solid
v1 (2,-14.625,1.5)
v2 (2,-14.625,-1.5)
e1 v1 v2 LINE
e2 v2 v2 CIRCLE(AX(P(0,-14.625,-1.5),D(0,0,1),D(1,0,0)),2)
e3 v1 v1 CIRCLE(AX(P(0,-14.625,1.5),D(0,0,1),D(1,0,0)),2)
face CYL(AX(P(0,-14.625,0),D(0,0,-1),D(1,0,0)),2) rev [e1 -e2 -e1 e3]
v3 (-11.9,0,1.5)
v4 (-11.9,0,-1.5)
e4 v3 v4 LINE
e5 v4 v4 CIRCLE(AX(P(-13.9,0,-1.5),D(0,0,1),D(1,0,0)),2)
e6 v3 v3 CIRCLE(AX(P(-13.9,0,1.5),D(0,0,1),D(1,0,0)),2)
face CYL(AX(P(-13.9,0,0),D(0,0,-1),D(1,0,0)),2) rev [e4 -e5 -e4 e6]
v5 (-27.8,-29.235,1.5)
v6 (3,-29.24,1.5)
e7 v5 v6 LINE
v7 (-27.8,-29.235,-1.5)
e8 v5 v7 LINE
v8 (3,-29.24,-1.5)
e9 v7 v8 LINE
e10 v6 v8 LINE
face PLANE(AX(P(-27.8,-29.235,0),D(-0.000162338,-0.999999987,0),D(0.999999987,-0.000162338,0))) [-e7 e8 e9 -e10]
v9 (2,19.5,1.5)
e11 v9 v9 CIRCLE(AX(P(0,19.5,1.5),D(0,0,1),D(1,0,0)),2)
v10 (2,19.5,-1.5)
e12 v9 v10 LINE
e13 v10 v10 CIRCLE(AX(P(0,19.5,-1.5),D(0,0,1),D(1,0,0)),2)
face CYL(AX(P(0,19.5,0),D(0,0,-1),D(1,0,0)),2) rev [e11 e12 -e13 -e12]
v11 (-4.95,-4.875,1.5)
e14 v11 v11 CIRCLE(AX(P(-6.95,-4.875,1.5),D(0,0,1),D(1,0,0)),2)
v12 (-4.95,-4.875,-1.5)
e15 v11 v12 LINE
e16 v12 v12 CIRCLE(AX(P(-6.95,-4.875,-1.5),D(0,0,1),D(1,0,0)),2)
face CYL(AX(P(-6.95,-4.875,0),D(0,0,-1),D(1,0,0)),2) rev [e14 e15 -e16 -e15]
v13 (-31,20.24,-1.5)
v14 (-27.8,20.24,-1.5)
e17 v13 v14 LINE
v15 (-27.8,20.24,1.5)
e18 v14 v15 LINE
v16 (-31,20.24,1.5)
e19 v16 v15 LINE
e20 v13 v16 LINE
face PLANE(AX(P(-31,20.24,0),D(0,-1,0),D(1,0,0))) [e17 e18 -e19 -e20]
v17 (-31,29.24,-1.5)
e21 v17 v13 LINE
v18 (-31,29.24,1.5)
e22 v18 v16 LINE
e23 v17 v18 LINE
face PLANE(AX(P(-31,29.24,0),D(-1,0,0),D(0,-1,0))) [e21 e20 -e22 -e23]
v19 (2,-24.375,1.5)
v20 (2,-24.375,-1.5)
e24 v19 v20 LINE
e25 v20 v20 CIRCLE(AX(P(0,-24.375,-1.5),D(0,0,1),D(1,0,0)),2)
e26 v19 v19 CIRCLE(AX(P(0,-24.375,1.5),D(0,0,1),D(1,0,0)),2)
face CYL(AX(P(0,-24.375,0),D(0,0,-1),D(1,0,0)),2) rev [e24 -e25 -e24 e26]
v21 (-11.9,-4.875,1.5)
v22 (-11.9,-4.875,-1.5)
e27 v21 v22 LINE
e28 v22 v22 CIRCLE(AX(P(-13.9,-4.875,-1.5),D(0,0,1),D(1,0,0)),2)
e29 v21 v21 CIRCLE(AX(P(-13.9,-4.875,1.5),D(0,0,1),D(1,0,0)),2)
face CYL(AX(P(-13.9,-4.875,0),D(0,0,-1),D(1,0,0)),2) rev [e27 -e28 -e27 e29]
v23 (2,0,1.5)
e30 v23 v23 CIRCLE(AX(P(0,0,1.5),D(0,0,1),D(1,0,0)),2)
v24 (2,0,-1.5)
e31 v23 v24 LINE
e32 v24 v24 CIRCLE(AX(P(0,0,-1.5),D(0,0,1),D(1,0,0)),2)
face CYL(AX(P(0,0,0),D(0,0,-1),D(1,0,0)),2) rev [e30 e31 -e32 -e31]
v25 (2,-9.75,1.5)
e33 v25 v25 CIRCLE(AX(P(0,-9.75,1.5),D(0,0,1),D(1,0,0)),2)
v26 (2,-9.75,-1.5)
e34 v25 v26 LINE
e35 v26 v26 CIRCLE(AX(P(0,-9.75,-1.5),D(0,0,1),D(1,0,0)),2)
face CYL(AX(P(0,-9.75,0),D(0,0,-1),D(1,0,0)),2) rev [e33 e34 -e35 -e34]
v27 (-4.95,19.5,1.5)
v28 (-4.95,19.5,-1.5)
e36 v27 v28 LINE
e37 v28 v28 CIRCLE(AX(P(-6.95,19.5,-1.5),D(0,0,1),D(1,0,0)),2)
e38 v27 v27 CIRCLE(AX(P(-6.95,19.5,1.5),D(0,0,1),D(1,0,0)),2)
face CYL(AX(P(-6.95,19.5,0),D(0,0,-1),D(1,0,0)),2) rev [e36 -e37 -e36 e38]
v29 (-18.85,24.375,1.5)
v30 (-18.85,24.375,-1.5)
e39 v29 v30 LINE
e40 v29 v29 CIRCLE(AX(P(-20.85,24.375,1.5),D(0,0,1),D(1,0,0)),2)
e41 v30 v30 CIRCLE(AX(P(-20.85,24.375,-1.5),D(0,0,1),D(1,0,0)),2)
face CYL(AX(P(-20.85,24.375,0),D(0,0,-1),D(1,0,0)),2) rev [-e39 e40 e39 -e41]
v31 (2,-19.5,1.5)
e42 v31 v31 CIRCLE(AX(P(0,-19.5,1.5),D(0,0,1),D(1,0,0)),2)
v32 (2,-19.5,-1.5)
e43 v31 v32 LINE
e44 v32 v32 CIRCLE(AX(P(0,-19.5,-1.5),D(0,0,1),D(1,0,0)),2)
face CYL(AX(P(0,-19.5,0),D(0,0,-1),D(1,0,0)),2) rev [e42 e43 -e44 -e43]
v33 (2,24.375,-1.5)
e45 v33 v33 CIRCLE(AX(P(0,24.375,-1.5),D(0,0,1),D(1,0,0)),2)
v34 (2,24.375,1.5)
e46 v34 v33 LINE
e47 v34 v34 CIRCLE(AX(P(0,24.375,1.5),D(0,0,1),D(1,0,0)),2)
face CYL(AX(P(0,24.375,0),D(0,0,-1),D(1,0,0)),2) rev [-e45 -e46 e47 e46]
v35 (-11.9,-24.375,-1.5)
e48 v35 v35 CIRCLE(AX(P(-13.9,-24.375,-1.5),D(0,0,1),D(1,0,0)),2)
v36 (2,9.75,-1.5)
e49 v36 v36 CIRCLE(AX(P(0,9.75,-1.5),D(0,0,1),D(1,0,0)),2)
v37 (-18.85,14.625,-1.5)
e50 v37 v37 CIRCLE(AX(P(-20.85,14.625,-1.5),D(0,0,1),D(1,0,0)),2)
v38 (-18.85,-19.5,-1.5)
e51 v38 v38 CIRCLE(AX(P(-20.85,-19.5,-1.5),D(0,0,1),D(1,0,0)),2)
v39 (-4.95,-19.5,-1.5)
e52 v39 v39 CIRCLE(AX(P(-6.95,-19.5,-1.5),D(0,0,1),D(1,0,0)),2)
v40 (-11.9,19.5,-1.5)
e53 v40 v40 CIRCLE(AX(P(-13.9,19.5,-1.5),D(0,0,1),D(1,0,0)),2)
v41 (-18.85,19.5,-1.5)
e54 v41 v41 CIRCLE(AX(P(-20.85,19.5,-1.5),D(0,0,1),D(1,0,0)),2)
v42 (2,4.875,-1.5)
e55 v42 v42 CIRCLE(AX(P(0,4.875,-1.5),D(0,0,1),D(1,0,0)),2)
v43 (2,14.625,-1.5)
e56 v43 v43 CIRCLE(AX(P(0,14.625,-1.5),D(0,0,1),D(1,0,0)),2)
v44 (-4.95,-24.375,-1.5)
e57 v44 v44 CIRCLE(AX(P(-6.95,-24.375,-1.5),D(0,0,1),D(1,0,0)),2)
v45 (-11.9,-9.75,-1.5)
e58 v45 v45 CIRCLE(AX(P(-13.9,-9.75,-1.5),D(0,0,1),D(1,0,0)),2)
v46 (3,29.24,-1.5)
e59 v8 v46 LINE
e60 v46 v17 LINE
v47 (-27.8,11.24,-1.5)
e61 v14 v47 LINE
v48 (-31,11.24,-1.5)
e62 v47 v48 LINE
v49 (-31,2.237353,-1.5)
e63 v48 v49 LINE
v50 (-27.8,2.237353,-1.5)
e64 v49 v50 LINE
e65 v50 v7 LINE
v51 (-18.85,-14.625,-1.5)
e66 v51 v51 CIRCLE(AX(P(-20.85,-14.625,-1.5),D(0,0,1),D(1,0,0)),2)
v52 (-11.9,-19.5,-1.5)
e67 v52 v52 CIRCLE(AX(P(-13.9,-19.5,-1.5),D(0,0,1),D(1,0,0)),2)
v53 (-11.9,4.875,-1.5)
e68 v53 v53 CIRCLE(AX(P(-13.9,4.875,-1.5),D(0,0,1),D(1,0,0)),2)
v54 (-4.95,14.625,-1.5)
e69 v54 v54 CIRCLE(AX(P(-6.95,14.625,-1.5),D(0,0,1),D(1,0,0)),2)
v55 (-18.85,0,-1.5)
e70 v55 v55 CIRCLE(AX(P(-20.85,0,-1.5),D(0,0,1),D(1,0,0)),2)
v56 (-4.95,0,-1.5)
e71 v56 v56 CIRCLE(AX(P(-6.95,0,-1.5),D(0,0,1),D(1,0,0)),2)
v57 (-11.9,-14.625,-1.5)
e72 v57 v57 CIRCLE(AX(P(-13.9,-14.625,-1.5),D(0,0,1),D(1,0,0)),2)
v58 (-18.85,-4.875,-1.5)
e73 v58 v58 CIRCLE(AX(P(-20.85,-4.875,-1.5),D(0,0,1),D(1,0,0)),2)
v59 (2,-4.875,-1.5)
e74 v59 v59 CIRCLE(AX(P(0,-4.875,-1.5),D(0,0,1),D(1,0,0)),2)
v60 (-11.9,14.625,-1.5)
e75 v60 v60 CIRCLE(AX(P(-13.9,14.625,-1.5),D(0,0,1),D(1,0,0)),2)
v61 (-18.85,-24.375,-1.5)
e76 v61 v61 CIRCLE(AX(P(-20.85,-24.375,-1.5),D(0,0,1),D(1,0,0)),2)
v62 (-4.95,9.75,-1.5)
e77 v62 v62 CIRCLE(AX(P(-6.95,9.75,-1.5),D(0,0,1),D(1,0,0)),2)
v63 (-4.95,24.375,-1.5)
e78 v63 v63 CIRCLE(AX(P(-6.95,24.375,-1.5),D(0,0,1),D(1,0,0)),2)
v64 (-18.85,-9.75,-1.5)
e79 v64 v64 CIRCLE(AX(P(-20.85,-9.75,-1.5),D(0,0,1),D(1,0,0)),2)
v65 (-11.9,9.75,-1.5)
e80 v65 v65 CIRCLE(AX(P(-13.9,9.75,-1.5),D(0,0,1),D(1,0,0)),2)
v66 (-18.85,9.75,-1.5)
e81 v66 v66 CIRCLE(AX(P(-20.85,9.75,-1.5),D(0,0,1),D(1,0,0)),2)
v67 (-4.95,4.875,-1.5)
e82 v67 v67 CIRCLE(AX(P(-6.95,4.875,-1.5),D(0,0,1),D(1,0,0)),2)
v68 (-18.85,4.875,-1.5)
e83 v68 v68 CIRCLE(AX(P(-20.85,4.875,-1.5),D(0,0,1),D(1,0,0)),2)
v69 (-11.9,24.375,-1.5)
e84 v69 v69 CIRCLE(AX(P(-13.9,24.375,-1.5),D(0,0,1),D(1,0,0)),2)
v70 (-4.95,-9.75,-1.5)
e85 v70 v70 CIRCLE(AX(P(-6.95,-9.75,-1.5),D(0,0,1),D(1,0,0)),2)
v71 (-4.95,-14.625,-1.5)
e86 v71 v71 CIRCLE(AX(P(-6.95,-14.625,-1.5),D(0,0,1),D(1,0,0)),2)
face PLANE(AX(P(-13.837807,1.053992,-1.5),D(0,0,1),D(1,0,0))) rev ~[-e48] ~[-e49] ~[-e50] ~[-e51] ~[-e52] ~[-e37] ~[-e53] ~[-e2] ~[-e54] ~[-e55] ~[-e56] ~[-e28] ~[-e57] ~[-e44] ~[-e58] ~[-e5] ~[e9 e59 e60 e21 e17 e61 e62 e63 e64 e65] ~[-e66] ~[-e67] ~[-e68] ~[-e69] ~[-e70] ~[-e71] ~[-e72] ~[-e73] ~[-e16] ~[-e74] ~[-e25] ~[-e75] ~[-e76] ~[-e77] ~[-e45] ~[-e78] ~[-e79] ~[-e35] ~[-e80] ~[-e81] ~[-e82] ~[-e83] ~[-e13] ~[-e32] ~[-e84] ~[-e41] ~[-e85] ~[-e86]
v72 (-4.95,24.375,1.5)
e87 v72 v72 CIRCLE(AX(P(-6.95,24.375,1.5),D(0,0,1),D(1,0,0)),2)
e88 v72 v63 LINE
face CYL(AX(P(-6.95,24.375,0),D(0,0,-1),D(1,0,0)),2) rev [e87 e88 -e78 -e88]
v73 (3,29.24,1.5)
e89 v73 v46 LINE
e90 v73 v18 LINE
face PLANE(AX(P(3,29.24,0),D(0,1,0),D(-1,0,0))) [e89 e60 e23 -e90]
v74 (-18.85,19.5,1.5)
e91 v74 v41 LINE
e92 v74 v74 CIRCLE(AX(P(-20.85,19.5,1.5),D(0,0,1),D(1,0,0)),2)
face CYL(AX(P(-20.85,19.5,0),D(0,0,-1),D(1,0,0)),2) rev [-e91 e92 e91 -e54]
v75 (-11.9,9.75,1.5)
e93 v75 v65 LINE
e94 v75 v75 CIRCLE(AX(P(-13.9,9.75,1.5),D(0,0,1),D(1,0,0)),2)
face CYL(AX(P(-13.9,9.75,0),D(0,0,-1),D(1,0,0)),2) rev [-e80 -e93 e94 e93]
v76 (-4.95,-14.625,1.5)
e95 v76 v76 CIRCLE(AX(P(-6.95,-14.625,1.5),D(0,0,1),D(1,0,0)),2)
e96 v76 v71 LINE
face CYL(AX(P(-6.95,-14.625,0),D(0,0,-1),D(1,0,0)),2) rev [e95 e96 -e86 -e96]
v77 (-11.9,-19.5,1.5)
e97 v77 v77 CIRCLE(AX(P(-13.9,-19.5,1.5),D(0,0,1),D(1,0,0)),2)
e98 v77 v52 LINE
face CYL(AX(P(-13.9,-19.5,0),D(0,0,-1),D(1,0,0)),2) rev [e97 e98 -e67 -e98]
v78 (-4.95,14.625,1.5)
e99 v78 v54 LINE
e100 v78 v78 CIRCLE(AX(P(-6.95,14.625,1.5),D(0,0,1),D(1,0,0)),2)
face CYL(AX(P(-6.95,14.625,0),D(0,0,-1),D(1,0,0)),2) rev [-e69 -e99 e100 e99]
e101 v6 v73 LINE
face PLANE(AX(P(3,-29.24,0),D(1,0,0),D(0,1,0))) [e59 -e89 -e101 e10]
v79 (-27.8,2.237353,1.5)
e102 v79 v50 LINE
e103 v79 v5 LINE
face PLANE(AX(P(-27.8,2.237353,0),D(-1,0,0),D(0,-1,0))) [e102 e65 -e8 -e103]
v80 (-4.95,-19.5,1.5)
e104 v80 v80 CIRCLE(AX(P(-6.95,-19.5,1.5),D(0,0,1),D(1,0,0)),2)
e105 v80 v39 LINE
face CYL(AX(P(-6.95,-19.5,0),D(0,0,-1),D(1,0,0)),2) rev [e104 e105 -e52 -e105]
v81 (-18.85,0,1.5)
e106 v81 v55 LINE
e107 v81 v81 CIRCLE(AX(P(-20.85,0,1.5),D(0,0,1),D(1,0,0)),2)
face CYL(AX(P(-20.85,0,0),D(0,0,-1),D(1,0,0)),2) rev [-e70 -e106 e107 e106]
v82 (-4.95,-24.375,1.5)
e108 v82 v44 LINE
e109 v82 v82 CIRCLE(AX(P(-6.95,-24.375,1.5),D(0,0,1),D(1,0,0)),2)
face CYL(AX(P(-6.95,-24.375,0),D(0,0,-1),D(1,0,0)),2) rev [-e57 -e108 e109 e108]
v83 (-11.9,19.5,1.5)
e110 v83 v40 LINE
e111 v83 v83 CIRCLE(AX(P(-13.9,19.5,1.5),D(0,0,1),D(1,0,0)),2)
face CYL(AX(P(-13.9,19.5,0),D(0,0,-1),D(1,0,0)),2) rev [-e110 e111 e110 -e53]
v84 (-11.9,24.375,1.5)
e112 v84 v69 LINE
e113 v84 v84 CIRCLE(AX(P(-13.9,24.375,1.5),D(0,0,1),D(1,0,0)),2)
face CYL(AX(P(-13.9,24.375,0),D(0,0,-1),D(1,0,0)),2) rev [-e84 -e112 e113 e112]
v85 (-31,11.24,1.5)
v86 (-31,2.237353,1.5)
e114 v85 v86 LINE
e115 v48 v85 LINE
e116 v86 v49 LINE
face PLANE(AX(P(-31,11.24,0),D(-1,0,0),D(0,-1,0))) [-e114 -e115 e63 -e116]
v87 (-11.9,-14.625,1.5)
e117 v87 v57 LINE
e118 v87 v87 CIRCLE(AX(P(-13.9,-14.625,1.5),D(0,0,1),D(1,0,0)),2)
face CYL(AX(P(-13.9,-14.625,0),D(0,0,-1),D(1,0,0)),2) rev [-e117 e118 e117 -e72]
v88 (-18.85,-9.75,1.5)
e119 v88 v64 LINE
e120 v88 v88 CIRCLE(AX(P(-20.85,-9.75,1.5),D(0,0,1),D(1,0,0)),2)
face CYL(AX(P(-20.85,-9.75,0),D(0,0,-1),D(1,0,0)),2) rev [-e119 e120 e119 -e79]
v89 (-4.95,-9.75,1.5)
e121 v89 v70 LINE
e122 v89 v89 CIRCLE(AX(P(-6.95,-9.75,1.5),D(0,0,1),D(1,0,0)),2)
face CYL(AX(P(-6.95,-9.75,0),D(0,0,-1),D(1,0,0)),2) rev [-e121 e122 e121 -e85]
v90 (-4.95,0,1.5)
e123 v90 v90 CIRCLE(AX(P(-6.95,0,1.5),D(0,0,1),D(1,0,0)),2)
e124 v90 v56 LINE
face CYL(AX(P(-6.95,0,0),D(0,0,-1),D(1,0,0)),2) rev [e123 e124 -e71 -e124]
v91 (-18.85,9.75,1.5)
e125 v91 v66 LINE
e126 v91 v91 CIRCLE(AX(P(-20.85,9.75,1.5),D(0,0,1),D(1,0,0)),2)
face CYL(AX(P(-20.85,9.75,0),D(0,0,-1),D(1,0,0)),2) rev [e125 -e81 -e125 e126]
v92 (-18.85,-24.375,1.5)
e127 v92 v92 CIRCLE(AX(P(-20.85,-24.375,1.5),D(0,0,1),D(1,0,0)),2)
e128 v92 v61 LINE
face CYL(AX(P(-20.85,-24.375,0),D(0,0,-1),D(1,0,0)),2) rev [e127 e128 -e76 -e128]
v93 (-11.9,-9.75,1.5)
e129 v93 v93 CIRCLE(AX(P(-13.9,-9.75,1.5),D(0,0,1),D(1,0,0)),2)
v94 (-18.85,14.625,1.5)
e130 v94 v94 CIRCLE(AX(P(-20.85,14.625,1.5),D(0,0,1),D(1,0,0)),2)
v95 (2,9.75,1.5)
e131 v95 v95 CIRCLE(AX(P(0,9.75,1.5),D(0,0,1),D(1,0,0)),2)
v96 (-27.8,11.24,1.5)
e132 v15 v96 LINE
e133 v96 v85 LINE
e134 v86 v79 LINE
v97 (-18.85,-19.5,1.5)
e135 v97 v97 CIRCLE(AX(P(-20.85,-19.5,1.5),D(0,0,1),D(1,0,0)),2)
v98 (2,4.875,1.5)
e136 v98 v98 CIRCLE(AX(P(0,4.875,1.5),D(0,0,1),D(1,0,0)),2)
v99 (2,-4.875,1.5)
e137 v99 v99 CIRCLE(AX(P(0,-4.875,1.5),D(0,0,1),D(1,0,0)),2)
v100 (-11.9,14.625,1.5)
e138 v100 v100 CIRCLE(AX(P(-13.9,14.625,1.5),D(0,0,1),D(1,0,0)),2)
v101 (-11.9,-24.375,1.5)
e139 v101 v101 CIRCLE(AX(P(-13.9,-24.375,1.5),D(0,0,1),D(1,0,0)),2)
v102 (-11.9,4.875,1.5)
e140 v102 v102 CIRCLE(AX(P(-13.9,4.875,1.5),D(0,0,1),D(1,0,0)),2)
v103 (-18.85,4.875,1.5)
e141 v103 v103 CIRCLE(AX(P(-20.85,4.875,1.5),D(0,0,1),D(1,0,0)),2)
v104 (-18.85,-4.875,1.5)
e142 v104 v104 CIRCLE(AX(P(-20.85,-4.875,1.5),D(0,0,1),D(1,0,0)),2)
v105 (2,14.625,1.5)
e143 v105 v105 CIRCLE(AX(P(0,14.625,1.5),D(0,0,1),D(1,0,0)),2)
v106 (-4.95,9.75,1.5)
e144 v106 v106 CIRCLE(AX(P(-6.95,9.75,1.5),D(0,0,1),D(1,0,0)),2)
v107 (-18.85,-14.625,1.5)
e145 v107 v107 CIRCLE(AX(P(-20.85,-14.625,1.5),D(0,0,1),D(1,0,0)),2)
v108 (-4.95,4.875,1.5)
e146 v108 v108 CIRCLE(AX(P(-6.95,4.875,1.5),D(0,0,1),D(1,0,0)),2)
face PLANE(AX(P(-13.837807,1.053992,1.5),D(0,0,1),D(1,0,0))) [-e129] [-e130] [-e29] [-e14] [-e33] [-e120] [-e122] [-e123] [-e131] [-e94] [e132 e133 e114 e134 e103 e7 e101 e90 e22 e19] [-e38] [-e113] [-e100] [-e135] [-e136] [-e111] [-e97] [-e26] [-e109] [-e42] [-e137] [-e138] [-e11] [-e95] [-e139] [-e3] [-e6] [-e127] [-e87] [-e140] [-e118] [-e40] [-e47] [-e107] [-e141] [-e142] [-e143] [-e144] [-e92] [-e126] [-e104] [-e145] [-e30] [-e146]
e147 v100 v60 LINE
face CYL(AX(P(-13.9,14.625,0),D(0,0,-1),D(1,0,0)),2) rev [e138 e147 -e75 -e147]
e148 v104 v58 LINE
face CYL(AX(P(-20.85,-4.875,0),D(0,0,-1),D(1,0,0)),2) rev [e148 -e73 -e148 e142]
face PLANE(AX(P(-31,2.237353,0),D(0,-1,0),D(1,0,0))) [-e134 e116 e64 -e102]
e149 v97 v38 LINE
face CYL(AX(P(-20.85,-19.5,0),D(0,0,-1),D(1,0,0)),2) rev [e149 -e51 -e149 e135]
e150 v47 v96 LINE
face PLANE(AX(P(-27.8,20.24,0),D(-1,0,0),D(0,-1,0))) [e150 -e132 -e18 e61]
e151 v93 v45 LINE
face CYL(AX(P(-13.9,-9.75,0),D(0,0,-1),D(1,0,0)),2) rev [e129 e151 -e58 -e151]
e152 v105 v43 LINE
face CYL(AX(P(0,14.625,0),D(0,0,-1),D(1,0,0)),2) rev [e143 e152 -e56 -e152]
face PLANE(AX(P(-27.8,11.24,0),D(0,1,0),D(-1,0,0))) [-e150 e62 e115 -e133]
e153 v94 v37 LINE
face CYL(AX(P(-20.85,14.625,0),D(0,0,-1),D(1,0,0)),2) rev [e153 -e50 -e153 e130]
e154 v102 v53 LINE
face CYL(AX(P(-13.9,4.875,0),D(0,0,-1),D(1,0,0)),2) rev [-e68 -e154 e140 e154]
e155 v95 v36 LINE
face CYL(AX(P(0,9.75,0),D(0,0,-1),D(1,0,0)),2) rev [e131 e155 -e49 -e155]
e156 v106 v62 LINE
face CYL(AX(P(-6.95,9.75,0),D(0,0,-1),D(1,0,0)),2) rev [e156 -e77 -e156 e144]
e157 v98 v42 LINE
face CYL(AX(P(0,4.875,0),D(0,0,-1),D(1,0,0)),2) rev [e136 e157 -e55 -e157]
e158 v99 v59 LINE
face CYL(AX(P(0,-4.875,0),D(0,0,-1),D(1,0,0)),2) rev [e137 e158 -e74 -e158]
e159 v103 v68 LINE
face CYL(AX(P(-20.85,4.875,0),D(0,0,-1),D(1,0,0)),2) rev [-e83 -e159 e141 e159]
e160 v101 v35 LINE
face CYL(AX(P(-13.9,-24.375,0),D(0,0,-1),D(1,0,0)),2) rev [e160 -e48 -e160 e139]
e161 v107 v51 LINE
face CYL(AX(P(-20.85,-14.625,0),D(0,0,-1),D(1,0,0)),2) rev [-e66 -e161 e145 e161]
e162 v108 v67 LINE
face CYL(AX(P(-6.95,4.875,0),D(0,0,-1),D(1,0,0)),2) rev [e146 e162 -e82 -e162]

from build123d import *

# Parameters (mm, degrees)
F0_R     = 2
F1_DEPTH = 1.5


with BuildPart() as f1:
    # F0 (on Top) → F1 (new body, symmetric)
    with BuildSketch(Plane.XY):
        Polygon((3, 29.24), (-27.8, 29.24), (-31, 29.24), (-31, 20.24), (-27.8, 20.24), (-27.8, 11.24), (-31, 11.24), (-31, 2.237353), (-27.8, 2.237353), (-27.8, -19.5), (-27.8, -29.235), (3, -29.24), (3, -19.5), (3, 19.5), align=None)
        with Locations((-20.85, -24.375)):
            Circle(F0_R, mode=Mode.SUBTRACT)
        with Locations((-20.85, -19.5)):
            Circle(F0_R, mode=Mode.SUBTRACT)
        with Locations((-20.85, -14.625)):
            Circle(F0_R, mode=Mode.SUBTRACT)
        with Locations((-20.85, -9.75)):
            Circle(F0_R, mode=Mode.SUBTRACT)
        with Locations((-20.85, -4.875)):
            Circle(F0_R, mode=Mode.SUBTRACT)
        with Locations((-20.85, 0)):
            Circle(F0_R, mode=Mode.SUBTRACT)
        with Locations((-13.9, -24.375)):
            Circle(F0_R, mode=Mode.SUBTRACT)
        with Locations((-6.95, -24.375)):
            Circle(F0_R, mode=Mode.SUBTRACT)
        with Locations((-13.9, -19.5)):
            Circle(F0_R, mode=Mode.SUBTRACT)
        with Locations((-13.9, -14.625)):
            Circle(F0_R, mode=Mode.SUBTRACT)
        with Locations((-6.95, -19.5)):
            Circle(F0_R, mode=Mode.SUBTRACT)
        with Locations((-6.95, -14.625)):
            Circle(F0_R, mode=Mode.SUBTRACT)
        with Locations((0, -24.375)):
            Circle(F0_R, mode=Mode.SUBTRACT)
        with Locations((0, -19.5)):
            Circle(F0_R, mode=Mode.SUBTRACT)
        with Locations((0, -14.625)):
            Circle(F0_R, mode=Mode.SUBTRACT)
        with Locations((-13.9, -9.75)):
            Circle(F0_R, mode=Mode.SUBTRACT)
        with Locations((-6.95, -9.75)):
            Circle(F0_R, mode=Mode.SUBTRACT)
        with Locations((-13.9, -4.875)):
            Circle(F0_R, mode=Mode.SUBTRACT)
        with Locations((-13.9, 0)):
            Circle(F0_R, mode=Mode.SUBTRACT)
        with Locations((-6.95, -4.875)):
            Circle(F0_R, mode=Mode.SUBTRACT)
        with Locations((-6.95, 0)):
            Circle(F0_R, mode=Mode.SUBTRACT)
        with Locations((0, -9.75)):
            Circle(F0_R, mode=Mode.SUBTRACT)
        with Locations((0, -4.875)):
            Circle(F0_R, mode=Mode.SUBTRACT)
        Circle(F0_R, mode=Mode.SUBTRACT)
        with Locations((-20.85, 4.875)):
            Circle(F0_R, mode=Mode.SUBTRACT)
        with Locations((-20.85, 9.75)):
            Circle(F0_R, mode=Mode.SUBTRACT)
        with Locations((-20.85, 14.625)):
            Circle(F0_R, mode=Mode.SUBTRACT)
        with Locations((-20.85, 19.5)):
            Circle(F0_R, mode=Mode.SUBTRACT)
        with Locations((-20.85, 24.375)):
            Circle(F0_R, mode=Mode.SUBTRACT)
        with Locations((-13.9, 4.875)):
            Circle(F0_R, mode=Mode.SUBTRACT)
        with Locations((-6.95, 4.875)):
            Circle(F0_R, mode=Mode.SUBTRACT)
        with Locations((-13.9, 9.75)):
            Circle(F0_R, mode=Mode.SUBTRACT)
        with Locations((-6.95, 9.75)):
            Circle(F0_R, mode=Mode.SUBTRACT)
        with Locations((0, 4.875)):
            Circle(F0_R, mode=Mode.SUBTRACT)
        with Locations((0, 9.75)):
            Circle(F0_R, mode=Mode.SUBTRACT)
        with Locations((-13.9, 14.625)):
            Circle(F0_R, mode=Mode.SUBTRACT)
        with Locations((-13.9, 19.5)):
            Circle(F0_R, mode=Mode.SUBTRACT)
        with Locations((-6.95, 14.625)):
            Circle(F0_R, mode=Mode.SUBTRACT)
        with Locations((-6.95, 19.5)):
            Circle(F0_R, mode=Mode.SUBTRACT)
        with Locations((-13.9, 24.375)):
            Circle(F0_R, mode=Mode.SUBTRACT)
        with Locations((-6.95, 24.375)):
            Circle(F0_R, mode=Mode.SUBTRACT)
        with Locations((0, 14.625)):
            Circle(F0_R, mode=Mode.SUBTRACT)
        with Locations((0, 19.5)):
            Circle(F0_R, mode=Mode.SUBTRACT)
        with Locations((0, 24.375)):
            Circle(F0_R, mode=Mode.SUBTRACT)
    extrude(amount=F1_DEPTH, both=True)


solid = f1.part
